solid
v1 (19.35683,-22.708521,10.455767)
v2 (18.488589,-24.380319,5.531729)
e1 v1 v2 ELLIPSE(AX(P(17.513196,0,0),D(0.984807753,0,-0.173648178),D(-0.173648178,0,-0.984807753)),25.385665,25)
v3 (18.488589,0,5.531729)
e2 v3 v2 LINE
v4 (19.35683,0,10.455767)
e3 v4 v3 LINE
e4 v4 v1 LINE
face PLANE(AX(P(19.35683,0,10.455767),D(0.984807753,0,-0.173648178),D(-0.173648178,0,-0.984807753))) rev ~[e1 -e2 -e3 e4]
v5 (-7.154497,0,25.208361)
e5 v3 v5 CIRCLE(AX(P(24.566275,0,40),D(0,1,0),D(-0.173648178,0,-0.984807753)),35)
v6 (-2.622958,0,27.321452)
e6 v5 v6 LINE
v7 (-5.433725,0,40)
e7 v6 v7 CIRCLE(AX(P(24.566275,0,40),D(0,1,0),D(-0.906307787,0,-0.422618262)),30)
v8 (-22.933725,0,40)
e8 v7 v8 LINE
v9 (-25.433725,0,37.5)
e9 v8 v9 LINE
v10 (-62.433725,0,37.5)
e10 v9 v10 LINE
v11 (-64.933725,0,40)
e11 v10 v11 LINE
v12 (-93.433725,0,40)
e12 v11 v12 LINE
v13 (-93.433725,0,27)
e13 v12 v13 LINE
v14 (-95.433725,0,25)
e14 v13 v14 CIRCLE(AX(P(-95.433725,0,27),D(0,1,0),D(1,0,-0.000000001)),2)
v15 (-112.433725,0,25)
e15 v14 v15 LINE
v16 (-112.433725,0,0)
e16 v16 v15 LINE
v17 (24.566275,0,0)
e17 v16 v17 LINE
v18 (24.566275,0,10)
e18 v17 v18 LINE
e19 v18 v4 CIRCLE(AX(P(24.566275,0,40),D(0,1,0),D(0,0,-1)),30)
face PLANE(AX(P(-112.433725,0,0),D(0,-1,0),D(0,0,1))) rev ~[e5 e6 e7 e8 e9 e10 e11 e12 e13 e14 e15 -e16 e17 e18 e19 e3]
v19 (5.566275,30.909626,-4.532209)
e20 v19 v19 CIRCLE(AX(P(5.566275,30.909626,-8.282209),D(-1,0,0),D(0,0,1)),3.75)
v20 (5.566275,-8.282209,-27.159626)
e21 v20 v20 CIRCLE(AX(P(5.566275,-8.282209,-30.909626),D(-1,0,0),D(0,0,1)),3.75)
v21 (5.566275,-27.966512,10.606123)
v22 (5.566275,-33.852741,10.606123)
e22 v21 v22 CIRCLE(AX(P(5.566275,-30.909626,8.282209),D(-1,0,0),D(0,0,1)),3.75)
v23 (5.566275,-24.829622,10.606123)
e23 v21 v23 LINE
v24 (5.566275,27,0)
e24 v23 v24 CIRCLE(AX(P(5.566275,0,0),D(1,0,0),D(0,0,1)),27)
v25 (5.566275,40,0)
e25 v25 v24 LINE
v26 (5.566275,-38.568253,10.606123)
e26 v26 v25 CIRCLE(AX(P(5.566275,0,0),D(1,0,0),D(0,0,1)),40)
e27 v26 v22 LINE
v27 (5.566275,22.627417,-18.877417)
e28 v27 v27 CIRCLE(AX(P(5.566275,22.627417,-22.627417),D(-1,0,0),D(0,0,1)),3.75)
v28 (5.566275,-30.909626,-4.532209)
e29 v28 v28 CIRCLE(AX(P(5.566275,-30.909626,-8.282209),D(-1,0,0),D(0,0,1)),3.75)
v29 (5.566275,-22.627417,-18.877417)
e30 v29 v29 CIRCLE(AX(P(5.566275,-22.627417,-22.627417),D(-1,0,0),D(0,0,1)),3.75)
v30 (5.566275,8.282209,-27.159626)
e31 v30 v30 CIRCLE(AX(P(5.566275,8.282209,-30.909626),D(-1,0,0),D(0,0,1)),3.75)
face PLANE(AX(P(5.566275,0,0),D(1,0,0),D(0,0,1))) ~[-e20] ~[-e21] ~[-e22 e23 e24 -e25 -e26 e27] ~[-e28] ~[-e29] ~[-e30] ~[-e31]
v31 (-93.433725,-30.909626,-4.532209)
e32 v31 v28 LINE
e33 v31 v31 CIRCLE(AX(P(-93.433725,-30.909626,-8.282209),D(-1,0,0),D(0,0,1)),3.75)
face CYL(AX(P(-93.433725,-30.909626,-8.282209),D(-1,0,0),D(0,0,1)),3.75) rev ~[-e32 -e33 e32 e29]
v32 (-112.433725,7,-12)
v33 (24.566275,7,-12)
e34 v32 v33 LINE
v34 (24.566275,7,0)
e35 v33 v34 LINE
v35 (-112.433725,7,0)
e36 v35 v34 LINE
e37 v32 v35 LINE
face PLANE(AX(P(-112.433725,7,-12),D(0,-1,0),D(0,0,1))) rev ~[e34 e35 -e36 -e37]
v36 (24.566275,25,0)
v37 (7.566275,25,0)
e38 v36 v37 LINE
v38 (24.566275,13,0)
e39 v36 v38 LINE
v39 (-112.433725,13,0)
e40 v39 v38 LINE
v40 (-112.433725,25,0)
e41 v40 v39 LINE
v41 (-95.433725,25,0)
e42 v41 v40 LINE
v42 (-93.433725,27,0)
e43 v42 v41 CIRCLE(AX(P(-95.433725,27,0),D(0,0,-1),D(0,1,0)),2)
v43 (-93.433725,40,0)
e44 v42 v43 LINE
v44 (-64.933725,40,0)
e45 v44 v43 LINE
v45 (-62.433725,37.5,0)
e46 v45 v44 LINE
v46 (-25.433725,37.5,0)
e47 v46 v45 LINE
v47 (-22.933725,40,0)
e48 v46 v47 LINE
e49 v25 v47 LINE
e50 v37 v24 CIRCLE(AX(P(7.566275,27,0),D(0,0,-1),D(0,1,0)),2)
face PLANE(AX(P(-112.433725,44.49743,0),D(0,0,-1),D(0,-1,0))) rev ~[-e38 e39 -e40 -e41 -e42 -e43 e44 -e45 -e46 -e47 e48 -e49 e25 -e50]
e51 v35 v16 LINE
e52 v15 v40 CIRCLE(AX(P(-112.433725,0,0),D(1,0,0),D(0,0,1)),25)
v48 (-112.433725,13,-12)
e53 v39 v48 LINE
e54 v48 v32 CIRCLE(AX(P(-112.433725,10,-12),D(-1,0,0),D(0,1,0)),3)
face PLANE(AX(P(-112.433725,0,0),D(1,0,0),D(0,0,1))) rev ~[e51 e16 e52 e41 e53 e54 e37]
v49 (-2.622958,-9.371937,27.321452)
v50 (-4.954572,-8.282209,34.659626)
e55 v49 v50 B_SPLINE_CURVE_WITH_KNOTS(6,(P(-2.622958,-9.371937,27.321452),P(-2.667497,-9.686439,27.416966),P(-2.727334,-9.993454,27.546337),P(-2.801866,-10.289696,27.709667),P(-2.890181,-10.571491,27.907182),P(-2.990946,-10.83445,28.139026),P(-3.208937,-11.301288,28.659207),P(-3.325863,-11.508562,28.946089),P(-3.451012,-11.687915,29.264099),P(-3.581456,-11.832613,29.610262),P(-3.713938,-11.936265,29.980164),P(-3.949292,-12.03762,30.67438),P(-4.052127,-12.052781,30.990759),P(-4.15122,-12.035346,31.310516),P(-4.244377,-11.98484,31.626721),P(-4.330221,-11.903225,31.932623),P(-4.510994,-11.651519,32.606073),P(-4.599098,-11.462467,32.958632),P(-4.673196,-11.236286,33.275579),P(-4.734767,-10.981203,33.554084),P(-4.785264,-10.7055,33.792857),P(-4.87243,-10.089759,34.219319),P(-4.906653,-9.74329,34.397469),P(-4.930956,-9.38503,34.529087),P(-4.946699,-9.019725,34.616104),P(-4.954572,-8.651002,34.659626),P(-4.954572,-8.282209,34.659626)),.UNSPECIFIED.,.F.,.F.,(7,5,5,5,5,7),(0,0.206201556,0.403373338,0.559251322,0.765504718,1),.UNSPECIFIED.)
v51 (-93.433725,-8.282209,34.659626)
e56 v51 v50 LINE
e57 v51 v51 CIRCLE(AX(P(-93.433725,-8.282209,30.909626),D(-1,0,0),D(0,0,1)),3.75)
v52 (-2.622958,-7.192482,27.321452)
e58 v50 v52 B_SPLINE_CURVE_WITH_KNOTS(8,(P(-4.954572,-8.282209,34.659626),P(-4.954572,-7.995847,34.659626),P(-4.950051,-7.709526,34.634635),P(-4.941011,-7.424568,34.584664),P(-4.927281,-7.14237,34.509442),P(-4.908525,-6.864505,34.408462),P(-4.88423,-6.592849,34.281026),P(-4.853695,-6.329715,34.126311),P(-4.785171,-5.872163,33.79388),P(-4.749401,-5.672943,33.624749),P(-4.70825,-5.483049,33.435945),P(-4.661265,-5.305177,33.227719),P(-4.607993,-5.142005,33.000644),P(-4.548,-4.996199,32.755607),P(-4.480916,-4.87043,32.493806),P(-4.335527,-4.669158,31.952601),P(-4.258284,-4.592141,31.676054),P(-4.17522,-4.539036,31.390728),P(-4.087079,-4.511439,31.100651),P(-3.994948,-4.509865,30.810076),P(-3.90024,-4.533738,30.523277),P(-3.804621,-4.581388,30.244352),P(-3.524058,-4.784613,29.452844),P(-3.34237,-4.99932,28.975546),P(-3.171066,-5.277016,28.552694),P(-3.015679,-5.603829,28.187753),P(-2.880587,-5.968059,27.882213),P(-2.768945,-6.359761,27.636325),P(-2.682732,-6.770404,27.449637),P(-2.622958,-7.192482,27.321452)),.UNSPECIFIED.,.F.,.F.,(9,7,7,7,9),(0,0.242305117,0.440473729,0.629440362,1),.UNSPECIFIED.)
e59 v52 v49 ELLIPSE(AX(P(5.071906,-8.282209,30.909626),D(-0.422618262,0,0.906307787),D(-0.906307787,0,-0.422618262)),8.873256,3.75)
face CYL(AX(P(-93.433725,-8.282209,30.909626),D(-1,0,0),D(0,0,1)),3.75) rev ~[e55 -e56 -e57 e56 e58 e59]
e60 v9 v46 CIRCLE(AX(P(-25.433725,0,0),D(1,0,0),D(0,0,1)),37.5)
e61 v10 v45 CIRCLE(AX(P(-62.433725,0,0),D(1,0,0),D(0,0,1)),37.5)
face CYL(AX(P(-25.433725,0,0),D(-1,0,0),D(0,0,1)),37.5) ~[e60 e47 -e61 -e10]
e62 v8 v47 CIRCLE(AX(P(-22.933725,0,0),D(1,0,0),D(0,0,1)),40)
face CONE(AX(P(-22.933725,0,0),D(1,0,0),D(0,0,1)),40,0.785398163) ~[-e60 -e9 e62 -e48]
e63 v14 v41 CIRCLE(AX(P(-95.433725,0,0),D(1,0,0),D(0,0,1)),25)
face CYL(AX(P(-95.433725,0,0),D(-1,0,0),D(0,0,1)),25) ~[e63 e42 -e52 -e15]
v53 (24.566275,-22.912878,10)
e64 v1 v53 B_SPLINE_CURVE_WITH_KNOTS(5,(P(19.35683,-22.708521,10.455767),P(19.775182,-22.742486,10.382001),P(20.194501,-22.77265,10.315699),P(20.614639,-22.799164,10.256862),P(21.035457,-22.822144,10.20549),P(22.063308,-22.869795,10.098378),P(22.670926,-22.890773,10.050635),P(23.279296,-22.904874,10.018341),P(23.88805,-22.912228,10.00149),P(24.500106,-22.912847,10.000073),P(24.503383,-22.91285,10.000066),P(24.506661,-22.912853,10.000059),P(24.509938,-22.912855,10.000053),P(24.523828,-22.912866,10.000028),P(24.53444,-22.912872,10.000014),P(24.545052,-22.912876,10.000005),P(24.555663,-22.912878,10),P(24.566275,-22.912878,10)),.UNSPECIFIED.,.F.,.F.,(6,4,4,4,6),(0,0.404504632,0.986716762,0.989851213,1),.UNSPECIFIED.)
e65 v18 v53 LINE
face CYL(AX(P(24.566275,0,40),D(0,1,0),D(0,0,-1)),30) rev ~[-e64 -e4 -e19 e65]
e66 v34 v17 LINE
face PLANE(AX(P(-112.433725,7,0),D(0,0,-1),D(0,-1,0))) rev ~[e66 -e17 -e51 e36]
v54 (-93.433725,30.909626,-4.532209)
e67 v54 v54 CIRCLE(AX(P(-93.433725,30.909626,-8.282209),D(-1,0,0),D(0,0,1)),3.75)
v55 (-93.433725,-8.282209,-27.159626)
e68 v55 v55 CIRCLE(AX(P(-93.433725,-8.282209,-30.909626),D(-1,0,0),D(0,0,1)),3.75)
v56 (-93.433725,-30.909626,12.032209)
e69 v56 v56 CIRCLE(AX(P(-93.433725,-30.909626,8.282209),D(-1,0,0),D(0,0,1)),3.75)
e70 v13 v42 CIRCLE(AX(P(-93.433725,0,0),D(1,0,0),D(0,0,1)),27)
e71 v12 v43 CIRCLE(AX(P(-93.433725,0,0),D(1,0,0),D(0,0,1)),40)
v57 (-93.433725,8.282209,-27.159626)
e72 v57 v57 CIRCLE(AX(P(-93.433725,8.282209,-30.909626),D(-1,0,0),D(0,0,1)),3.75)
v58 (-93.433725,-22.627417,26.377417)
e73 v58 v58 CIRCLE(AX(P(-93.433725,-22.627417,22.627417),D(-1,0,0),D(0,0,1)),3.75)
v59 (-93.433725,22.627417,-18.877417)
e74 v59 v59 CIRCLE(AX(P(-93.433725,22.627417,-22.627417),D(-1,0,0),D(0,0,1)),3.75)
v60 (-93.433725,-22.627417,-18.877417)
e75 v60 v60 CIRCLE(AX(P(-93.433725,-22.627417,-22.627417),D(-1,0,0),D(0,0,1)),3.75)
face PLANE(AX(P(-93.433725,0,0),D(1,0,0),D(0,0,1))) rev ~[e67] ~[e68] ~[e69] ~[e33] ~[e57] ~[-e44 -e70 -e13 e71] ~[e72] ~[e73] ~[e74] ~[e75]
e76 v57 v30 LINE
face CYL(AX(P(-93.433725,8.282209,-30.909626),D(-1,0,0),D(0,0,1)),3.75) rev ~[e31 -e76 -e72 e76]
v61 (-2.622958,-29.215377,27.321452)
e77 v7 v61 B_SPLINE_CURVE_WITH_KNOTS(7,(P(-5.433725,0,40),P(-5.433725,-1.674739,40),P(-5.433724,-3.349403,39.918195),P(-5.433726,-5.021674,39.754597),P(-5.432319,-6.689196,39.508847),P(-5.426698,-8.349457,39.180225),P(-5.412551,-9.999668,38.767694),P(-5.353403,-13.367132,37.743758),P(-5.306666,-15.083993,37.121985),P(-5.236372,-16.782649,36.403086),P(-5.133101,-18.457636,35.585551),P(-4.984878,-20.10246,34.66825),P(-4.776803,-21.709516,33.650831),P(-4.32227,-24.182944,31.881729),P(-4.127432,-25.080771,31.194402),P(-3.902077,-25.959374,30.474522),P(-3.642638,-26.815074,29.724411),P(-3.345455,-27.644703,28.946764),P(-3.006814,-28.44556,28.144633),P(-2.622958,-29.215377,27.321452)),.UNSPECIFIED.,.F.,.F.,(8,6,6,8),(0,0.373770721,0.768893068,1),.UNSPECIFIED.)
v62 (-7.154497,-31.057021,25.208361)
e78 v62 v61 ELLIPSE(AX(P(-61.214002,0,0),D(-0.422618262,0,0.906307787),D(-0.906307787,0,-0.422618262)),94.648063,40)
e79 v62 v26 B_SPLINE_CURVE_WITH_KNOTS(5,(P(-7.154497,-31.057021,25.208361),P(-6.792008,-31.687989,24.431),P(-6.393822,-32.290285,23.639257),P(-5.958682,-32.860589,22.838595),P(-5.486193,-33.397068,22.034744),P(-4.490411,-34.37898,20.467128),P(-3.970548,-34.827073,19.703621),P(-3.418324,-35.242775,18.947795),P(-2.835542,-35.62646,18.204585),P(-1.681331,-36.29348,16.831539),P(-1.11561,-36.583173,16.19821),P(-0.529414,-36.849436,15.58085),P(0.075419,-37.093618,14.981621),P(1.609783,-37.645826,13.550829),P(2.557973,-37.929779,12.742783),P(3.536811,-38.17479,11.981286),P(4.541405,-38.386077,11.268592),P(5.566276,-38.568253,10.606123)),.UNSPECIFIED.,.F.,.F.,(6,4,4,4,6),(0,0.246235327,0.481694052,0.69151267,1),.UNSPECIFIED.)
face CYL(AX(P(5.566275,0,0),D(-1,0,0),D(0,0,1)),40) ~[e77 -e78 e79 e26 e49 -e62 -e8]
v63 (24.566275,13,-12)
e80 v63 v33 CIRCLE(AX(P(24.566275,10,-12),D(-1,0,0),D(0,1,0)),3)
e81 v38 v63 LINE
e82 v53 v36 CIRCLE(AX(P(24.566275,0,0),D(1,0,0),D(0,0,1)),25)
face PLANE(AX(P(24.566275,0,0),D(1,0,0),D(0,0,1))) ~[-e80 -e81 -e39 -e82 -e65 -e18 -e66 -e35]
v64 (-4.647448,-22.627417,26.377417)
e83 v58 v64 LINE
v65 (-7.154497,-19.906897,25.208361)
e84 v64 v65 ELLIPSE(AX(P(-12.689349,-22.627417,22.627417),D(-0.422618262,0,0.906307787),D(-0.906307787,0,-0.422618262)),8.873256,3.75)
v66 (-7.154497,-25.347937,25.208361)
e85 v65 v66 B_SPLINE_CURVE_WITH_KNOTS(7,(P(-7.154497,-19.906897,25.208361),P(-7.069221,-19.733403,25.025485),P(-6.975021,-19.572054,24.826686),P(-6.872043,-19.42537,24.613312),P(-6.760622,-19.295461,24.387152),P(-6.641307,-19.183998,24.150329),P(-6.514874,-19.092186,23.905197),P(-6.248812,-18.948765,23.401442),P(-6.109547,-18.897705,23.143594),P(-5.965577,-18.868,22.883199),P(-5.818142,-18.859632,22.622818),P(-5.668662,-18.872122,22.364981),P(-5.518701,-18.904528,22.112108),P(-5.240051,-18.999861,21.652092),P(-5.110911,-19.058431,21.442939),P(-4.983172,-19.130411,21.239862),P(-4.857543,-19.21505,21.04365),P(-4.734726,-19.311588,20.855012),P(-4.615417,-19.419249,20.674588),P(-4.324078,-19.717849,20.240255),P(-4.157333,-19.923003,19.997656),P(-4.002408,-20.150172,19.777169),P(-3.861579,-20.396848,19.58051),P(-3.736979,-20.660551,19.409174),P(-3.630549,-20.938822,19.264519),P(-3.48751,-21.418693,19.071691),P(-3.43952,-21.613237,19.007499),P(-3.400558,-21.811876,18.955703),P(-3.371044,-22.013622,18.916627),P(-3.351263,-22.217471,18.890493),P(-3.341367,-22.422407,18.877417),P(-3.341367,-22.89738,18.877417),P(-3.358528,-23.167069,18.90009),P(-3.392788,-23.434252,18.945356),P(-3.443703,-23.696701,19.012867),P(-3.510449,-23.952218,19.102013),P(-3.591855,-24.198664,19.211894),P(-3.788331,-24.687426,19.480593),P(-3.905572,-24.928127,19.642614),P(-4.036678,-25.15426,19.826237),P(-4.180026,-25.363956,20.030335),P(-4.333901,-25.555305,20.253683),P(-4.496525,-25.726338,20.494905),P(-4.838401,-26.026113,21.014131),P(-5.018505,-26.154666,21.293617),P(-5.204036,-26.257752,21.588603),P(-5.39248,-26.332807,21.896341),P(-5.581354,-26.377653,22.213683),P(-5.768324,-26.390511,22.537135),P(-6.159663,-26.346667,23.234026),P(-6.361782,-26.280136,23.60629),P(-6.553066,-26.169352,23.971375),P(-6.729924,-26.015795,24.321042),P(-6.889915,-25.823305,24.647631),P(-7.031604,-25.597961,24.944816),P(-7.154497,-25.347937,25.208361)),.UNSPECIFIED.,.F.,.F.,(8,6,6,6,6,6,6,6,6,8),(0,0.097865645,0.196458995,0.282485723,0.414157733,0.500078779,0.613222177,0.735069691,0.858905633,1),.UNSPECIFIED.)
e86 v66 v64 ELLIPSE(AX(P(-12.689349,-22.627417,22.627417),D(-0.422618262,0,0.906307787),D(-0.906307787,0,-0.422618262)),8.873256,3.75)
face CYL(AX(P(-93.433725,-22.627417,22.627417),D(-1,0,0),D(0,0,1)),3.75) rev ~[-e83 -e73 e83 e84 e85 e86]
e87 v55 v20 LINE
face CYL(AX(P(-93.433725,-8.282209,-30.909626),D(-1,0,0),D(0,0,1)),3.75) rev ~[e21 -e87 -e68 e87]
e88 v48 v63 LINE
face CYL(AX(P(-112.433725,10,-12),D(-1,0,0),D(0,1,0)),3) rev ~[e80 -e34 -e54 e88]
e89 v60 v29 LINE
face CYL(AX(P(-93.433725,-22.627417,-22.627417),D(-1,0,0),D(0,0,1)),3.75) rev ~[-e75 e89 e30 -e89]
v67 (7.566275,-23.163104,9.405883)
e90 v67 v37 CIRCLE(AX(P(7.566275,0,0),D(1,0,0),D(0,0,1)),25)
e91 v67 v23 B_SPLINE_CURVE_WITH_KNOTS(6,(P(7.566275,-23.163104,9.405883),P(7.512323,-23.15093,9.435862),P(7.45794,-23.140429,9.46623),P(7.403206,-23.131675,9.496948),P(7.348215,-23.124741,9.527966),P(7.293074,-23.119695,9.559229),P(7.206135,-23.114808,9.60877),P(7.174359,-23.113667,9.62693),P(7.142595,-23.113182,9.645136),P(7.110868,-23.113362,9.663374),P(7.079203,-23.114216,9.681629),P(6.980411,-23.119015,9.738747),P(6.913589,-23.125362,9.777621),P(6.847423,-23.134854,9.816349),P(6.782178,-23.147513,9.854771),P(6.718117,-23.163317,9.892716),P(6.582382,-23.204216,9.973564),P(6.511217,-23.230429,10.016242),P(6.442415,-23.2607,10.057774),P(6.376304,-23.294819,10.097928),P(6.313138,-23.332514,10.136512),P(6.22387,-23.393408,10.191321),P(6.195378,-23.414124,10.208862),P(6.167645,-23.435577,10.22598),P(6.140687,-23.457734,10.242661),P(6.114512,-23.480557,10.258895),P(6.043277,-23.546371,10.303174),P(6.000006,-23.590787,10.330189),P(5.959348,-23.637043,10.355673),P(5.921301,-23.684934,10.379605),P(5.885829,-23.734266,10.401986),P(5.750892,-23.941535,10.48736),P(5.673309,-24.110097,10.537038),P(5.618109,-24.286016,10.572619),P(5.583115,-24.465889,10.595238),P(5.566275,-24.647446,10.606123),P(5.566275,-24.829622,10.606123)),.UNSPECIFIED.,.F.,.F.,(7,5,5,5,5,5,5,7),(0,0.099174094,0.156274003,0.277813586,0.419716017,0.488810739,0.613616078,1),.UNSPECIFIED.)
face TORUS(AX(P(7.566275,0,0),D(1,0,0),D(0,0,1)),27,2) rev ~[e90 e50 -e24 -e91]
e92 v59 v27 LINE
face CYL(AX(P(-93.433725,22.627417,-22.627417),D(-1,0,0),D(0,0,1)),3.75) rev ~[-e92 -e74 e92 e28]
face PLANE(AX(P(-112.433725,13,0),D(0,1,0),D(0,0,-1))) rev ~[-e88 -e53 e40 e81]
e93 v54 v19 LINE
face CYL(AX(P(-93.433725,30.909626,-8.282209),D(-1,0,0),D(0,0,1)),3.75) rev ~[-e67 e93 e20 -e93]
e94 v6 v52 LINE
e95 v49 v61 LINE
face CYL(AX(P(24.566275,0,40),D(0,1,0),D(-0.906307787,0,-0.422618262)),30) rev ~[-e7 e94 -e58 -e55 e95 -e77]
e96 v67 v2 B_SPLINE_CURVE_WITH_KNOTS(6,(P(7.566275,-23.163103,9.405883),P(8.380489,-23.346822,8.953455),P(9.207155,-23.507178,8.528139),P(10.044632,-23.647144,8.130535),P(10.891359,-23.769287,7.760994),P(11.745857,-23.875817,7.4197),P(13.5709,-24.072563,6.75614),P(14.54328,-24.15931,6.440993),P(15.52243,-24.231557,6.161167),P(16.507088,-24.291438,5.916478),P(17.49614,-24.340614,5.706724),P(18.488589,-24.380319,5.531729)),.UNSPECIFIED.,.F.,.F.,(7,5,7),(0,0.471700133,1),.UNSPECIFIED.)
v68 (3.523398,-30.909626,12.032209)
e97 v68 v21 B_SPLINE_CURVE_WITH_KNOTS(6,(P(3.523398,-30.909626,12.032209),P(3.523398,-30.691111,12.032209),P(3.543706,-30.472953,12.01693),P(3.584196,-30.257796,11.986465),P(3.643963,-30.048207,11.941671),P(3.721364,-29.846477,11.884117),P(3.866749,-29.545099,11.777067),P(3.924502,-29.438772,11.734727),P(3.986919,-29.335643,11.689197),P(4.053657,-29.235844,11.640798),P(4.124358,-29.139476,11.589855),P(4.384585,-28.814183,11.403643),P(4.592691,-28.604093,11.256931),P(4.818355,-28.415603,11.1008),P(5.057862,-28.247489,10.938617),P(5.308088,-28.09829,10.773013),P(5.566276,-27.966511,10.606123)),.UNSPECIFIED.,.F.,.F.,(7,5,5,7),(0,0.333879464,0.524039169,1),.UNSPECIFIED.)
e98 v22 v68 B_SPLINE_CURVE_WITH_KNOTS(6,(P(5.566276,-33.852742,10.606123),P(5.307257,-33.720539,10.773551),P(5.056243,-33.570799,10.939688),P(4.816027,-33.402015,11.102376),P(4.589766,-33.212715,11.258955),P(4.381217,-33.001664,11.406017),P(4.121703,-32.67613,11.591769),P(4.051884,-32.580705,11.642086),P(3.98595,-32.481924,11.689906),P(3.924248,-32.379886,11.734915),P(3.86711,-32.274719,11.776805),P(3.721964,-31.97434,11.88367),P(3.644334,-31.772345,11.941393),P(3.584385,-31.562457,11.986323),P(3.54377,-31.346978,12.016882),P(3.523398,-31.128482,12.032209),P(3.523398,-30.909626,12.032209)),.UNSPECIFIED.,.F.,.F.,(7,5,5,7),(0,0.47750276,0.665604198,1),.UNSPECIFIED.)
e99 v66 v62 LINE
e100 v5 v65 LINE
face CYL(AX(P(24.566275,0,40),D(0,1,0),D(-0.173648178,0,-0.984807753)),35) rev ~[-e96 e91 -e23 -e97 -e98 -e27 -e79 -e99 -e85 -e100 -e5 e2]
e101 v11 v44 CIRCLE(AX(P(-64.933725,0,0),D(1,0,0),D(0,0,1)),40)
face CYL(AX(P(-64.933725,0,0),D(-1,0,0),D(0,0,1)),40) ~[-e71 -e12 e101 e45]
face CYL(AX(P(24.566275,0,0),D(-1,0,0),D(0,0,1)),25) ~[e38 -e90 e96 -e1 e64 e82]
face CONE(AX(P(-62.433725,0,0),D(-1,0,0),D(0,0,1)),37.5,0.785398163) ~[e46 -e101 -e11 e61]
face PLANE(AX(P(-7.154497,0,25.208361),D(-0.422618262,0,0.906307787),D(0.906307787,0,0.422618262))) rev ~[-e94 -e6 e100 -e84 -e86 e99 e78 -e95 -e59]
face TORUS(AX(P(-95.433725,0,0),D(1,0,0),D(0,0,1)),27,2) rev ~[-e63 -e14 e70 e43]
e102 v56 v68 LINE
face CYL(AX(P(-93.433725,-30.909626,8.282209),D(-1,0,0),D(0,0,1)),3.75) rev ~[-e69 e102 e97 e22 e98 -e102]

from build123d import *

# Parameters (mm, degrees)
ENL_V_MAT_EXTRU_1_DEPTH = 149.219431924
ESQUISSE3_R             = 3.75
ENL_V_MAT_EXTRU_2_DEPTH = 131.858702424
ENL_V_MAT_EXTRU_3_DEPTH = 126.862394907


with BuildPart() as part:
    # Esquisse1 → Révolution1 (revolve)
    with BuildSketch(Plane.XY, mode=Mode.PRIVATE) as r_volution1_sk:
        with BuildLine():
            Line((0, 0), (24.566275292, 0))
            Line((24.566275292, 0), (24.566275292, 25))
            Line((24.566275292, 25), (7.566275292, 25))
            ThreePointArc((7.566275292, 25), (6.152061729, 25.585786438), (5.566275292, 27))
            Line((5.566275292, 27), (5.566275292, 40))
            Line((5.566275292, 40), (-22.933724708, 40))
            Line((-22.933724708, 40), (-25.433724708, 37.5))
            Line((-25.433724708, 37.5), (-62.433724708, 37.5))
            Line((-62.433724708, 37.5), (-64.933724708, 40))
            Line((-64.933724708, 40), (-93.433724708, 40))
            Line((-93.433724708, 40), (-93.433724708, 27))
            ThreePointArc((-93.433724708, 27), (-94.019511146, 25.585786438), (-95.433724708, 25))
            Line((-95.433724708, 25), (-112.433724708, 25))
            Line((-112.433724708, 25), (-112.433724708, 0))
            Line((-112.433724708, 0), (0, 0))
        make_face()
    revolve(r_volution1_sk.sketch.rotate(Axis((-130.768922499, 0, 0), (1, 0, 0)), 90), axis=Axis((-130.768922499, 0, 0), (1, 0, 0)))

    # Esquisse2 → Enlèv. mat.-Extru.1 (cut, through all)
    with BuildSketch(Plane.ZY.offset(112.433724708)):
        with BuildLine():
            Line((0, 7), (0, 0))
            Line((0, 0), (43.449782835, 0))
            Line((43.449782835, 0), (43.449782835, 44.497429883))
            Line((43.449782835, 44.497429883), (0, 44.497429883))
            Line((0, 44.497429883), (0, 13))
            ThreePointArc((0, 13), (3, 10), (0, 7))
        make_face()
        with BuildLine():
            Line((-12, 7), (0, 7))
            ThreePointArc((0, 7), (3, 10), (0, 13))
            Line((0, 13), (-12, 13))
            ThreePointArc((-12, 13), (-15, 10), (-12, 7))
        make_face()
    extrude(amount=-ENL_V_MAT_EXTRU_1_DEPTH, mode=Mode.SUBTRACT)

    # Esquisse3 → Enlèv. mat.-Extru.2 (cut, through all)
    with BuildSketch(Plane.ZY.offset(93.433724708)):
        with Locations((-8.282209443, 30.909626441)):
            Circle(ESQUISSE3_R)
        with Locations((-22.627416998, 22.627416998)):
            Circle(ESQUISSE3_R)
        with Locations((-30.909626441, 8.282209443)):
            Circle(ESQUISSE3_R)
        with Locations((-30.909626441, -8.282209443)):
            Circle(ESQUISSE3_R)
        with Locations((-22.627416998, -22.627416998)):
            Circle(ESQUISSE3_R)
        with Locations((-8.282209443, -30.909626441)):
            Circle(ESQUISSE3_R)
        with Locations((8.282209443, -30.909626441)):
            Circle(ESQUISSE3_R)
        with Locations((22.627416998, -22.627416998)):
            Circle(ESQUISSE3_R)
        with Locations((30.909626441, -8.282209443)):
            Circle(ESQUISSE3_R)
    extrude(amount=-ENL_V_MAT_EXTRU_2_DEPTH, mode=Mode.SUBTRACT)

    # Esquisse4 → Enlèv. mat.-Extru.3 (cut, through all)
    with BuildSketch(Plane(origin=(0, 0, 0), x_dir=(1, 0, 0), z_dir=(0, 1, 0))):
        with BuildLine():
            Line((5.566275292, -31.140154495), (24.566275292, -40))
            Line((24.566275292, -40), (21.921370581, -25))
            Line((21.921370581, -25), (7.566275292, -25))
            ThreePointArc((7.566275292, -25), (6.152061729, -25.585786438), (5.566275292, -27))
            Line((5.566275292, -27), (5.566275292, -31.140154495))
        make_face()
        with BuildLine():
            Line((-5.433724708, -40), (5.566275292, -40))
            Line((5.566275292, -40), (5.566275292, -31.140154495))
            Line((5.566275292, -31.140154495), (-2.622958319, -27.321452148))
            ThreePointArc((-2.622958319, -27.321452148), (-4.722604922, -33.506811582), (-5.433724708, -40))
        make_face()
        with BuildLine():
            Line((-2.622958319, -27.321452148), (5.566275292, -31.140154495))
            Line((5.566275292, -31.140154495), (5.566275292, -27))
            ThreePointArc((5.566275292, -27), (6.152061729, -25.585786438), (7.566275292, -25))
            Line((7.566275292, -25), (21.921370581, -25))
            Line((21.921370581, -25), (19.356829962, -10.45576741))
            ThreePointArc((19.356829962, -10.45576741), (6.303432421, -16.199399791), (-2.622958319, -27.321452148))
        make_face()
        Polygon((5.566275292, -40), (24.566275292, -40), (5.566275292, -31.140154495), align=None)
        with BuildLine():
            Line((-7.154497255, -25.208360839), (-2.622958319, -27.321452148))
            ThreePointArc((-2.622958319, -27.321452148), (6.303432421, -16.199399791), (19.356829962, -10.45576741))
            Line((19.356829962, -10.45576741), (18.488589073, -5.531728645))
            ThreePointArc((18.488589073, -5.531728645), (3.259625276, -12.23263309), (-7.154497255, -25.208360839))
        make_face()
        with BuildLine():
            Line((21.921370581, -25), (24.566275292, -25))
            Line((24.566275292, -25), (24.566275292, -10))
            ThreePointArc((24.566275292, -10), (21.951603009, -10.114159057), (19.356829962, -10.45576741))
            Line((19.356829962, -10.45576741), (21.921370581, -25))
        make_face()
        Polygon((21.921370581, -25), (24.566275292, -40), (24.566275292, -25), align=None)
    extrude(amount=-ENL_V_MAT_EXTRU_3_DEPTH, mode=Mode.SUBTRACT)


solid = part.part
